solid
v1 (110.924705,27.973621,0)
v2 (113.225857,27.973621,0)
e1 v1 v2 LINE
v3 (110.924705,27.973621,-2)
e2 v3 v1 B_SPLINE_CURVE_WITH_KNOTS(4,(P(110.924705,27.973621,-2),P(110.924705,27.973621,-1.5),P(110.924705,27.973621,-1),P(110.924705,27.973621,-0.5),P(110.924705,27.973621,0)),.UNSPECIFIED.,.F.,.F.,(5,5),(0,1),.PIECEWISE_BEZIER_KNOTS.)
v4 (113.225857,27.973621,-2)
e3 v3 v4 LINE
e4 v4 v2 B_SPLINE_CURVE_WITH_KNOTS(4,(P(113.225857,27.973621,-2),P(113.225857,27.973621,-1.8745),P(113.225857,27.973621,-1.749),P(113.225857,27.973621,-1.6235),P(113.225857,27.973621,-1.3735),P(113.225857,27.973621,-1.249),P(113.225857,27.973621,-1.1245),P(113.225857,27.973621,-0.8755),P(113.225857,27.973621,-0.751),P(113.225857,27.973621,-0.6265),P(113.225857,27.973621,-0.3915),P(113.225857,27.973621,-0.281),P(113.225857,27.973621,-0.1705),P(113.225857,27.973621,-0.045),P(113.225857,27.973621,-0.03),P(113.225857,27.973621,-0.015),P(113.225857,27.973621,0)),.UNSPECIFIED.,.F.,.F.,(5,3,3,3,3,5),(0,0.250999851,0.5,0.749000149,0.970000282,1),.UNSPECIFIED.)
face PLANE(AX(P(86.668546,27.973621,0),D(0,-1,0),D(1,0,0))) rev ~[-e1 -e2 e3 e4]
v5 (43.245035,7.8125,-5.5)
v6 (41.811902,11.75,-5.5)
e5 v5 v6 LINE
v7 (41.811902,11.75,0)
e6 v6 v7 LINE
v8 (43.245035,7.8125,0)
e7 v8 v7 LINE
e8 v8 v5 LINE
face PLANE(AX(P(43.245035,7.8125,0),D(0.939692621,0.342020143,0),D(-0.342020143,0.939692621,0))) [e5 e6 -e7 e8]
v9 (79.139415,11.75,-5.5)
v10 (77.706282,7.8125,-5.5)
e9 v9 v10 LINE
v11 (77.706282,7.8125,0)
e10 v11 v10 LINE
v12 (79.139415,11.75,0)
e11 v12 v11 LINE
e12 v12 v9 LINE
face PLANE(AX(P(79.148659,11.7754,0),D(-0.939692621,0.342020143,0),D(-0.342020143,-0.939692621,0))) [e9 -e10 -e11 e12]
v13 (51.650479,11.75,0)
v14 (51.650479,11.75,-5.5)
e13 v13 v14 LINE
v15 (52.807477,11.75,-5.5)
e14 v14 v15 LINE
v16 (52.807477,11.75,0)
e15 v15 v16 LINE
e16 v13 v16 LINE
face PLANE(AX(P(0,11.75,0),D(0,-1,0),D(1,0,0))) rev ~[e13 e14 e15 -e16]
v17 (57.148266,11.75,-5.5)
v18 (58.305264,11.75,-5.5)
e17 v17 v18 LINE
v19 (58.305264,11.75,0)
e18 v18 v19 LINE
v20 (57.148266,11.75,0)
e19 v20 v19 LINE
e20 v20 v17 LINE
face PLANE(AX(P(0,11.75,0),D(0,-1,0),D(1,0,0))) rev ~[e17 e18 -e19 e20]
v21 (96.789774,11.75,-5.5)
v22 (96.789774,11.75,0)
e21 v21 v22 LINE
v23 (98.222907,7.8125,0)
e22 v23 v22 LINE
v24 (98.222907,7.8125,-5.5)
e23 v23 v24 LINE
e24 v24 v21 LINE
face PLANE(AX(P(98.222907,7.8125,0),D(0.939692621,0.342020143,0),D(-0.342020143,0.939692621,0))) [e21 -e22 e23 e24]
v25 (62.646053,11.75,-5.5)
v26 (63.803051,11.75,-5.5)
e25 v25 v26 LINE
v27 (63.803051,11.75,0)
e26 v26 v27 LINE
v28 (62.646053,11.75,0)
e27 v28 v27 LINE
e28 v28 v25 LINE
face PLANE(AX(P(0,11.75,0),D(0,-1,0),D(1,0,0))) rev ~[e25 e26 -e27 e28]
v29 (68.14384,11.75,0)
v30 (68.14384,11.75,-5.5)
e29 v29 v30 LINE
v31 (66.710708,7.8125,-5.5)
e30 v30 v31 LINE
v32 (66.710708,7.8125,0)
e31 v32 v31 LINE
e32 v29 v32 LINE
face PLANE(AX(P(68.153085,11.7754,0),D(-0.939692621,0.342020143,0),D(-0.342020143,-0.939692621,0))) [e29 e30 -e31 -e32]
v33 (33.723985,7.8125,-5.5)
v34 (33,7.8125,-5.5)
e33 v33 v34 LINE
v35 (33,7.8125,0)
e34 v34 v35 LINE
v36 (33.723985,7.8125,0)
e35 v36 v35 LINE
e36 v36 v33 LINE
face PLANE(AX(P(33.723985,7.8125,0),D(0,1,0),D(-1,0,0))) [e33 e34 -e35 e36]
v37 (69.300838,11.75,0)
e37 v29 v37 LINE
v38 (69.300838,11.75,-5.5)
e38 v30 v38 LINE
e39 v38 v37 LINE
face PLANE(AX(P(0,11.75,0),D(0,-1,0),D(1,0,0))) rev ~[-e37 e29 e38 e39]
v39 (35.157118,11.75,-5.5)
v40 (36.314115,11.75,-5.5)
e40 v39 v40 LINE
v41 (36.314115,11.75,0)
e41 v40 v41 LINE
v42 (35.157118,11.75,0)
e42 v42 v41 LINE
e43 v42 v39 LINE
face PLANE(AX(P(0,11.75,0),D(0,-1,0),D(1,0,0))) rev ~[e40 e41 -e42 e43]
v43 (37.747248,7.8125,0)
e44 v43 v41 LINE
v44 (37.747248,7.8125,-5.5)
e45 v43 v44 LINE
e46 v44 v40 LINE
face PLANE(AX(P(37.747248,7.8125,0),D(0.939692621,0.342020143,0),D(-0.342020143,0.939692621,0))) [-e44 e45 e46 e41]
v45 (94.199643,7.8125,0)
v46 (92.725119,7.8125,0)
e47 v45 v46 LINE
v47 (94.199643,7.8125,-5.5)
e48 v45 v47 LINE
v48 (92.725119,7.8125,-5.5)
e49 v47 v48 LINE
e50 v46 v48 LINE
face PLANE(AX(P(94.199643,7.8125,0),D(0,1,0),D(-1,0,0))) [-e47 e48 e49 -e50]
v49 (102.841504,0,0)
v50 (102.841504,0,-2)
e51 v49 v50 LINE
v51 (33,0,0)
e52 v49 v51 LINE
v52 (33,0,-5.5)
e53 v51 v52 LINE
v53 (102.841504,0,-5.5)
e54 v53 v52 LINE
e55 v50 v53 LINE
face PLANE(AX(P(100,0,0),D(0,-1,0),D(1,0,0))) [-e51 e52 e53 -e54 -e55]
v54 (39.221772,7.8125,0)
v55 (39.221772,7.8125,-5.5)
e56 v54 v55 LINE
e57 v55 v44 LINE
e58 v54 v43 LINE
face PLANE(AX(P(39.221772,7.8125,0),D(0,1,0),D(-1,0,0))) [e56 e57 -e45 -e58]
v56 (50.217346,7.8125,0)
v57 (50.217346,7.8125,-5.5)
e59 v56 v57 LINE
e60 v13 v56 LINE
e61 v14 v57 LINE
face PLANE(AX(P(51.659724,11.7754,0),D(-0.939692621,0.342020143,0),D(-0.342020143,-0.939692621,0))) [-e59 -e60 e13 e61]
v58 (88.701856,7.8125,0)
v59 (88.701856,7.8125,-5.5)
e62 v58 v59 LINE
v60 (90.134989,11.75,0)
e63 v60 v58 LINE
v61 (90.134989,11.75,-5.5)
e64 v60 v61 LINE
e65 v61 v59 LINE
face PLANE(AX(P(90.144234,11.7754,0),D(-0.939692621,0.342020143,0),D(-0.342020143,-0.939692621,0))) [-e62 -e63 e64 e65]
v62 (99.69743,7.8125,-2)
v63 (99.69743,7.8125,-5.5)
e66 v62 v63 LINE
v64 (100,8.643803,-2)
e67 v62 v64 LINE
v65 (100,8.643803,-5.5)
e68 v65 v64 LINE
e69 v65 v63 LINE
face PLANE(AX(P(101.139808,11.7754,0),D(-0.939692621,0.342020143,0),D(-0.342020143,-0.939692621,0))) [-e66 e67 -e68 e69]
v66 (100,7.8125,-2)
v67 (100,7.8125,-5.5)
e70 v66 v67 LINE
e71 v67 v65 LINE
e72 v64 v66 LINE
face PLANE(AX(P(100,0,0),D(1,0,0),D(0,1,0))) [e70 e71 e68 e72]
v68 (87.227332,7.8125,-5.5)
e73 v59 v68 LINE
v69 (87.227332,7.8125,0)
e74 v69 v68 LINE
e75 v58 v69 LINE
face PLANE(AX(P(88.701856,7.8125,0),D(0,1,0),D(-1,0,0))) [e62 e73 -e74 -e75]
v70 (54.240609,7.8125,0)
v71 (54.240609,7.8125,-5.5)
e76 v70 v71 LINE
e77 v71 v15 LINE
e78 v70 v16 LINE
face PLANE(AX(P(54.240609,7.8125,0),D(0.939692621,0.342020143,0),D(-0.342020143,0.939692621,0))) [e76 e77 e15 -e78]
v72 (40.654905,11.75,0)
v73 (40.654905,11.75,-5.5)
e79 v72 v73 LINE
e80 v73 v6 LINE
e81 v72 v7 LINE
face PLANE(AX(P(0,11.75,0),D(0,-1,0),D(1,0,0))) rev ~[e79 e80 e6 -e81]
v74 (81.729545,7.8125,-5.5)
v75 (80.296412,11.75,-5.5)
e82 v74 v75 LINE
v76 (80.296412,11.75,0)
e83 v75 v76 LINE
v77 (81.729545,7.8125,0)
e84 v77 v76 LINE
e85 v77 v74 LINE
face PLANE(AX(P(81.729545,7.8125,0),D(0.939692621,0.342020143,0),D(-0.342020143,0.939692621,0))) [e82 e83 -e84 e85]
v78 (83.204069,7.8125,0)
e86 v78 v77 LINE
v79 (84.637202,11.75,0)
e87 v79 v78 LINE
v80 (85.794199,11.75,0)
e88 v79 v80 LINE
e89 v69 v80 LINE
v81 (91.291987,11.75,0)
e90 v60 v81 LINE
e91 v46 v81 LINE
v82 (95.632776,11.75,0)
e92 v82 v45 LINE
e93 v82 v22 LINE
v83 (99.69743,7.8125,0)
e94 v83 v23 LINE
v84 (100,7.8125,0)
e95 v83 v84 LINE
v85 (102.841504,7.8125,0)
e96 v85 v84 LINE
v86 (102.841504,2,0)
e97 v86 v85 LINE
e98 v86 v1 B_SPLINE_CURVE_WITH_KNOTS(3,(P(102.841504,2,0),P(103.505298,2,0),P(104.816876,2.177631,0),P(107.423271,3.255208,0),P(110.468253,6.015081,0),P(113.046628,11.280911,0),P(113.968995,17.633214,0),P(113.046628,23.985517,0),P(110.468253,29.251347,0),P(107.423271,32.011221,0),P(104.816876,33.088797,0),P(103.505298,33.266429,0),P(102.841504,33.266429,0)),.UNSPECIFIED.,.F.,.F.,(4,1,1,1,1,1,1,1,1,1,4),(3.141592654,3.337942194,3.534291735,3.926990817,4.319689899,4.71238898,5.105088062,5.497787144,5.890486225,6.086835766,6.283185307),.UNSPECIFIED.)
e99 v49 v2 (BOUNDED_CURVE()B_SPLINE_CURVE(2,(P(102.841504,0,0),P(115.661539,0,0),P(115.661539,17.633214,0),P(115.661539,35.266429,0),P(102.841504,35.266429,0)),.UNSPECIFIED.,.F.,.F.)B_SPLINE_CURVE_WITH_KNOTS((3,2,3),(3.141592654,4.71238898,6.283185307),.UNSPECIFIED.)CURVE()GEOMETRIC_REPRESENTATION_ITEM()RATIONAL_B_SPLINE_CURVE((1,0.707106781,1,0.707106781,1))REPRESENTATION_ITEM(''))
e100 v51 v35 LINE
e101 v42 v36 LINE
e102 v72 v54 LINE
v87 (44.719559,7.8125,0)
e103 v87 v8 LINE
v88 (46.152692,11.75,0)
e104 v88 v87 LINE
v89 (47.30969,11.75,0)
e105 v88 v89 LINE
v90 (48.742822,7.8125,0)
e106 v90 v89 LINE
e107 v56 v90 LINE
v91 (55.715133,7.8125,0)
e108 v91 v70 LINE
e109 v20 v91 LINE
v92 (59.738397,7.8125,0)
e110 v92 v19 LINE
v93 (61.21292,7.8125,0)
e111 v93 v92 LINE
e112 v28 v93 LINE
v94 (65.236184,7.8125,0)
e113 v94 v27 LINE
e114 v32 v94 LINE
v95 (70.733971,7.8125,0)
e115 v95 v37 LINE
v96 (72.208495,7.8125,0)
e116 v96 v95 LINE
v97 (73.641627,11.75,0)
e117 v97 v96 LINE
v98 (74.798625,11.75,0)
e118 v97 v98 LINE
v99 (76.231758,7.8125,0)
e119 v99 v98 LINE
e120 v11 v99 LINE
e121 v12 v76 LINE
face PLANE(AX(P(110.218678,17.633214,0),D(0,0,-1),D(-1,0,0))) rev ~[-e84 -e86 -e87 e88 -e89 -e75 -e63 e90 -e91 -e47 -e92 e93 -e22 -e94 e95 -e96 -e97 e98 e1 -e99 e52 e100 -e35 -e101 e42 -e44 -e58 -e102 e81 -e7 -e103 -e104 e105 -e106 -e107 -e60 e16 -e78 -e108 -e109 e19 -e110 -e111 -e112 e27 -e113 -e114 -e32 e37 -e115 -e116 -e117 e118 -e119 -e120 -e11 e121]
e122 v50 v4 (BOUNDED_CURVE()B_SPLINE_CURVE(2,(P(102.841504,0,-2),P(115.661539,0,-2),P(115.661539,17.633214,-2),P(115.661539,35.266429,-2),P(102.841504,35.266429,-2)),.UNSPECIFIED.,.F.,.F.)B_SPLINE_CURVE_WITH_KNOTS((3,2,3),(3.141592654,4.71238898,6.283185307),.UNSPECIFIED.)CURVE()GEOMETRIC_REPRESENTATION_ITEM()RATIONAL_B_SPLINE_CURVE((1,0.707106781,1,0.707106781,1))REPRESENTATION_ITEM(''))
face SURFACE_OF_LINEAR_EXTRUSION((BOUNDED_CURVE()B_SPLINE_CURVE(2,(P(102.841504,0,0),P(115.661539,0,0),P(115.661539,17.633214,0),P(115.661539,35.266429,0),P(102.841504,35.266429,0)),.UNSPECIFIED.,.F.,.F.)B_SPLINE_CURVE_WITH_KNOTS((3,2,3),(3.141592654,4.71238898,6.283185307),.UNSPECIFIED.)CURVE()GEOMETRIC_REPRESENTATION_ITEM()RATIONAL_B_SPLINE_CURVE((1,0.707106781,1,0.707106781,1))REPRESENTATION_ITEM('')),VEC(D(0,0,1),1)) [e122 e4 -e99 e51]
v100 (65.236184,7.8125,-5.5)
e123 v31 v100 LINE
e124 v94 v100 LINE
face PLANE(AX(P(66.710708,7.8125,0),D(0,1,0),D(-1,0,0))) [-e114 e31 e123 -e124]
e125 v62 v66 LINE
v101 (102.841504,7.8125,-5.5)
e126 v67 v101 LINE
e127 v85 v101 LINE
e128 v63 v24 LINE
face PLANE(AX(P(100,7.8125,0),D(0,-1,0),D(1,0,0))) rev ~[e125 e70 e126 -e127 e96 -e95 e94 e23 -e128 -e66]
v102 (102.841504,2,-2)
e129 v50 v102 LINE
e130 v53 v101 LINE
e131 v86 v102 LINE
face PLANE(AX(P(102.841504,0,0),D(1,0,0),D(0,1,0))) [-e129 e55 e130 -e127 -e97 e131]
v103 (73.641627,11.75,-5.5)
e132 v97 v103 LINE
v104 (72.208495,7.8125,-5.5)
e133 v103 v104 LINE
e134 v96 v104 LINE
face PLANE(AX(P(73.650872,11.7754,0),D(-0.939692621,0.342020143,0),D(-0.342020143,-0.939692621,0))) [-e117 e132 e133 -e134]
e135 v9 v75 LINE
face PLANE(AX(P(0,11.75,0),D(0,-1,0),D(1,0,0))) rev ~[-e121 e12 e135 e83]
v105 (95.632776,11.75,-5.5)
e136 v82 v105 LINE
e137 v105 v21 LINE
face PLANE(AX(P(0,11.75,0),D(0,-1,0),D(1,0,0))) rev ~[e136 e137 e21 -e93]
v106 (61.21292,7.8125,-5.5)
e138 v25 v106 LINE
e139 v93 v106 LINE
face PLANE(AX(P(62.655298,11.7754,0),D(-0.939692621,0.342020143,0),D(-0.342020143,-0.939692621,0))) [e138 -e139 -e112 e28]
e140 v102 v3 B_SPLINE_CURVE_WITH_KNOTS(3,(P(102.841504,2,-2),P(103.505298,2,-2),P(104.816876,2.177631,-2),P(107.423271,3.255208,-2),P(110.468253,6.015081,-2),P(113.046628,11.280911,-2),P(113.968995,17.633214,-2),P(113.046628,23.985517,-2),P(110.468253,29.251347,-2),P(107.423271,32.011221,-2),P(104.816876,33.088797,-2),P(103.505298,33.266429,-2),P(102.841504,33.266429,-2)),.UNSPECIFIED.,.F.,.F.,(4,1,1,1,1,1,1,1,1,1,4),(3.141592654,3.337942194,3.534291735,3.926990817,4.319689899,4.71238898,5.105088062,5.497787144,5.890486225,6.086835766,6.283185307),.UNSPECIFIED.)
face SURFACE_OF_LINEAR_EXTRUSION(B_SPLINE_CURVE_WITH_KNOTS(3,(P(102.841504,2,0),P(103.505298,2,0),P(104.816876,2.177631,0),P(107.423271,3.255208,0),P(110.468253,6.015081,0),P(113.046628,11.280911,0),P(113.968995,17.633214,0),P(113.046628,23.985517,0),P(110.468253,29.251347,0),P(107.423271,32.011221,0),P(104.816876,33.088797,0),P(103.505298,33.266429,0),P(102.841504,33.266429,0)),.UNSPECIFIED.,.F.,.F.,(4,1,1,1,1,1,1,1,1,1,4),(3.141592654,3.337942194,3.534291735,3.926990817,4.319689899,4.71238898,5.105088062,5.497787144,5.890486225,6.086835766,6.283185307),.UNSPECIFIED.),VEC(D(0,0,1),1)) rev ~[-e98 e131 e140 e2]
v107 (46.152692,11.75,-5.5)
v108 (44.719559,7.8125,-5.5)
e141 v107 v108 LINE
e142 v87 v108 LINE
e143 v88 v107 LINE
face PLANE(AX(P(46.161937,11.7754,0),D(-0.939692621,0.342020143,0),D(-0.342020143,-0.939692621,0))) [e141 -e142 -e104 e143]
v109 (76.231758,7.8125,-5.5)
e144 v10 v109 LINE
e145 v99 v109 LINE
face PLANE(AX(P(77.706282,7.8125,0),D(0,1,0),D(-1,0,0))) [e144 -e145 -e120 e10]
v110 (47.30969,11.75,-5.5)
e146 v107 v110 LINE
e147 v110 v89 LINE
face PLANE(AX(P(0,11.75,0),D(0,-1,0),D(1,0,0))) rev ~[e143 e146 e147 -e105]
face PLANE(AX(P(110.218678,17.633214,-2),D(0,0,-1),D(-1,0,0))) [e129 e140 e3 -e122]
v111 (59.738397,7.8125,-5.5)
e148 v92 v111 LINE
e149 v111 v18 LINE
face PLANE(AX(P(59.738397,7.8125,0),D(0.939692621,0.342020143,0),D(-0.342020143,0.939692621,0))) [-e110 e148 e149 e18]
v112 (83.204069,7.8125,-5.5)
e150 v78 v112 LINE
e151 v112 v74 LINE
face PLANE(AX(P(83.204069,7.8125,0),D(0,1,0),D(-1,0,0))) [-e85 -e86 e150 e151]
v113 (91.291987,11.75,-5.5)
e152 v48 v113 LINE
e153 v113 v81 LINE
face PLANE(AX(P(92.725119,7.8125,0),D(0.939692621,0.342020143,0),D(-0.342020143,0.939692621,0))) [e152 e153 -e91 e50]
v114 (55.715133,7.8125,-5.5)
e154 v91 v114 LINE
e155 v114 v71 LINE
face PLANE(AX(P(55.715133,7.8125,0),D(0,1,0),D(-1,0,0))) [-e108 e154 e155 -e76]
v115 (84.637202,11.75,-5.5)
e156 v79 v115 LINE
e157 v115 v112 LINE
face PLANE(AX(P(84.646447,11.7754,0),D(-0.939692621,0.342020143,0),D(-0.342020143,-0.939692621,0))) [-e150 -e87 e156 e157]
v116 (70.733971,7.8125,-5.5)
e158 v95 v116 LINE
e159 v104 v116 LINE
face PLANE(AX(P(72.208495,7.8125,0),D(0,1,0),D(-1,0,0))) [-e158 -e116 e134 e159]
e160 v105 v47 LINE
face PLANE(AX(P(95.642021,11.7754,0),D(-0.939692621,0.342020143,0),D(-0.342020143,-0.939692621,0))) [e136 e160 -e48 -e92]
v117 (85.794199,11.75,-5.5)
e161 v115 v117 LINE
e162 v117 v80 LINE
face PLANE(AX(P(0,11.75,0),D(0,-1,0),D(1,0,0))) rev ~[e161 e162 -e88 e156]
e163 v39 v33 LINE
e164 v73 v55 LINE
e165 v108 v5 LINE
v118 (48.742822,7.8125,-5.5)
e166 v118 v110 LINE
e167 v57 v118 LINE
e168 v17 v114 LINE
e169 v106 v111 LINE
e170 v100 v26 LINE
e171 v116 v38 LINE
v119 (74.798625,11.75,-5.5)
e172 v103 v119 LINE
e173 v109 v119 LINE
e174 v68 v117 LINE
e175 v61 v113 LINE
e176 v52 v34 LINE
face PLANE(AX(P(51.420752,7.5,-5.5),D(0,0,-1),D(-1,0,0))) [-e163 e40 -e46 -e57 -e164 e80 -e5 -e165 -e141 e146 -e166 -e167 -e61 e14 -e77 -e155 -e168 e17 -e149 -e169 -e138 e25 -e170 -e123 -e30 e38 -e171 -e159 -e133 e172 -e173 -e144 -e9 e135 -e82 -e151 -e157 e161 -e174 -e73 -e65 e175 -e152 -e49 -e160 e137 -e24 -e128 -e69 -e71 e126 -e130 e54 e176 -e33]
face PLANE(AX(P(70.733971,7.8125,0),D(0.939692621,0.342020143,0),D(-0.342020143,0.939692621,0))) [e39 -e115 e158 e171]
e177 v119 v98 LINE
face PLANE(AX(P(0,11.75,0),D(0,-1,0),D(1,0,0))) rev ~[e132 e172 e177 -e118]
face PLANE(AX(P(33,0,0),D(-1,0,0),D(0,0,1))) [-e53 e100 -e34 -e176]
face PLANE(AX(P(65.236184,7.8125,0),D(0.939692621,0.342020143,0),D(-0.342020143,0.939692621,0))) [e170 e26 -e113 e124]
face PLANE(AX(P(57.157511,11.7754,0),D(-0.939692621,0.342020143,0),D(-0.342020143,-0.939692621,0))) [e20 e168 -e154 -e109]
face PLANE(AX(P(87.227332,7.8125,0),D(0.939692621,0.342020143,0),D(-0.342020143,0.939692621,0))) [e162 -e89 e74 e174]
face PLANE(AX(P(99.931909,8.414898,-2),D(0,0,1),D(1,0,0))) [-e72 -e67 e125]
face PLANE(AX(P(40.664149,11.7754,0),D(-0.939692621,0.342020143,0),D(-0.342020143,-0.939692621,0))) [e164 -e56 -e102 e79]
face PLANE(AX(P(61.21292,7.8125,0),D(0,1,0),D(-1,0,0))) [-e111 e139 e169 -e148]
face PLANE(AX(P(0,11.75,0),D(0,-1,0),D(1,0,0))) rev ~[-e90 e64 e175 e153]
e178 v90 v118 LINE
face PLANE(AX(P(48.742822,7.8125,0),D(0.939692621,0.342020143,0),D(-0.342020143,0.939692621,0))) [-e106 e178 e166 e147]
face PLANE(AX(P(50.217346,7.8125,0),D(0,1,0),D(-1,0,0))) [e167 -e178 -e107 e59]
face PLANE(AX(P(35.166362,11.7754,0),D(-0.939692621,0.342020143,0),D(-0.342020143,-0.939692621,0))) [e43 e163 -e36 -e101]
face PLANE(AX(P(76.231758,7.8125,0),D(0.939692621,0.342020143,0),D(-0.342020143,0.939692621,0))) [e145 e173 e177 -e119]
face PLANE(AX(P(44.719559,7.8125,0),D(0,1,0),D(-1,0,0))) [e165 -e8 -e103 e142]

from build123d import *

# Parameters (mm, degrees)
BLANKSKE_W          = 100
BLANKSKE_H          = 11.75
BLANK_DEPTH         = 10
TOOTHCUTSIM_DEPTH   = 102.183311371
TEETHCUTS_COUNT     = 19
TEETHCUTS_PITCH     = 5.497787137
SKETCH_3_W          = 2.841503757
SKETCH_3_H          = 7.8125
EXTRUDE_1_DEPTH     = 10
EXTRUDE_2_DEPTH     = 2
SKETCH_6_W          = 102.841503757
SKETCH_6_H          = 15
CUT_EXTRUDE_2_DEPTH = 4.5
SKETCH_7_W          = 1.160244479
SKETCH_7_H          = 1.204796587
CUT_EXTRUDE_3_DEPTH = 2
SKETCH_8_W          = 16.666168626
SKETCH_8_H          = 26.64996686
CUT_EXTRUDE_5_DEPTH = 33
SKETCH_11_W         = 35.593118123
SKETCH_11_H         = 14.823069144
CUT_EXTRUDE_6_DEPTH = 2


with BuildPart() as part:
    # BlankSke → Blank (new body)
    with BuildSketch(Plane.XY):
        with Locations((50, 5.875)):
            Rectangle(BLANKSKE_W, BLANKSKE_H)
    extrude(amount=-BLANK_DEPTH)

    # TooCutSkeSim → ToothCutSim (cut, through all)
    with BuildSketch(Plane.XY):
        Polygon((0.737261897, 7.8125), (-0.737261897, 7.8125), (-2.179639538, 11.7754), (2.179639538, 11.7754), align=None)
    toothcutsim = extrude(amount=-TOOTHCUTSIM_DEPTH, mode=Mode.SUBTRACT)

    # TeethCuts: ToothCutSim ×19
    with Locations(*[(i * TEETHCUTS_PITCH, 0, 0) for i in range(1, TEETHCUTS_COUNT)]):
        add(toothcutsim, mode=Mode.SUBTRACT)

    # 草图3 → 凸台-拉伸1 (add)
    with BuildSketch(Plane.XY):
        with Locations((101.420751878, 3.90625)):
            Rectangle(SKETCH_3_W, SKETCH_3_H)
    extrude(amount=-EXTRUDE_1_DEPTH)

    # 草图5 → 凸台-拉伸2 (add)
    with BuildSketch(Plane.XY):
        with BuildLine():
            Line((102.841503757, 0), (102.841503757, 2))
            add(Edge.make_bspline(
                [(102.841503757, 2), (103.50529782, 2), (104.816875637, 2.17763142), (107.423271086, 3.255207974), (110.468253334, 6.015081397), (113.046627851, 11.280911472), (113.96899522, 17.633214309), (113.046627851, 23.985517146), (110.468253334, 29.251347221), (107.423271086, 32.011220644), (104.816875637, 33.088797198), (103.50529782, 33.266428618), (102.841503757, 33.266428618)],
                knots=[3.141592654, 3.141592654, 3.141592654, 3.141592654, 3.337942194, 3.534291735, 3.926990817, 4.319689899, 4.71238898, 5.105088062, 5.497787144, 5.890486225, 6.086835766, 6.283185307, 6.283185307, 6.283185307, 6.283185307], degree=3))
            Line((102.841503757, 33.266428618), (102.841503757, 35.266428618))
            add(Edge.make_bspline(
                [(102.841503757, 0), (115.66153943, 0), (115.66153943, 17.633214309), (115.66153943, 35.266428618), (102.841503757, 35.266428618)],
                knots=[3.141592654, 3.141592654, 3.141592654, 4.71238898, 4.71238898, 6.283185307, 6.283185307, 6.283185307], degree=2, weights=[1, 0.707106781, 1, 0.707106781, 1]))
        make_face()
    extrude(amount=-EXTRUDE_2_DEPTH)

    # 草图6 → 切除-拉伸2 (cut)
    with BuildSketch(Plane(origin=(0, 0, -10), x_dir=(-1, 0, 0), z_dir=(0, 0, -1))):
        with Locations((-51.420751879, 7.5)):
            Rectangle(SKETCH_6_W, SKETCH_6_H)
    extrude(amount=-CUT_EXTRUDE_2_DEPTH, mode=Mode.SUBTRACT)

    # 草图7 → 切除-拉伸3 (cut)
    with BuildSketch(Plane.XY):
        with Locations((99.931909363, 8.414898294)):
            Rectangle(SKETCH_7_W, SKETCH_7_H)
    extrude(amount=-CUT_EXTRUDE_3_DEPTH, mode=Mode.SUBTRACT)

    # 草图8 → 切除-拉伸5 (cut)
    with BuildSketch(Plane.ZY):
        Rectangle(SKETCH_8_W, SKETCH_8_H)
    extrude(amount=-CUT_EXTRUDE_5_DEPTH, mode=Mode.SUBTRACT)

    # 草图11 → 切除-拉伸6 (cut)
    with BuildSketch(Plane.XY):
        with Locations((104.465105415, 35.385155424)):
            Rectangle(SKETCH_11_W, SKETCH_11_H)
    extrude(amount=-CUT_EXTRUDE_6_DEPTH, mode=Mode.SUBTRACT)


solid = part.part
